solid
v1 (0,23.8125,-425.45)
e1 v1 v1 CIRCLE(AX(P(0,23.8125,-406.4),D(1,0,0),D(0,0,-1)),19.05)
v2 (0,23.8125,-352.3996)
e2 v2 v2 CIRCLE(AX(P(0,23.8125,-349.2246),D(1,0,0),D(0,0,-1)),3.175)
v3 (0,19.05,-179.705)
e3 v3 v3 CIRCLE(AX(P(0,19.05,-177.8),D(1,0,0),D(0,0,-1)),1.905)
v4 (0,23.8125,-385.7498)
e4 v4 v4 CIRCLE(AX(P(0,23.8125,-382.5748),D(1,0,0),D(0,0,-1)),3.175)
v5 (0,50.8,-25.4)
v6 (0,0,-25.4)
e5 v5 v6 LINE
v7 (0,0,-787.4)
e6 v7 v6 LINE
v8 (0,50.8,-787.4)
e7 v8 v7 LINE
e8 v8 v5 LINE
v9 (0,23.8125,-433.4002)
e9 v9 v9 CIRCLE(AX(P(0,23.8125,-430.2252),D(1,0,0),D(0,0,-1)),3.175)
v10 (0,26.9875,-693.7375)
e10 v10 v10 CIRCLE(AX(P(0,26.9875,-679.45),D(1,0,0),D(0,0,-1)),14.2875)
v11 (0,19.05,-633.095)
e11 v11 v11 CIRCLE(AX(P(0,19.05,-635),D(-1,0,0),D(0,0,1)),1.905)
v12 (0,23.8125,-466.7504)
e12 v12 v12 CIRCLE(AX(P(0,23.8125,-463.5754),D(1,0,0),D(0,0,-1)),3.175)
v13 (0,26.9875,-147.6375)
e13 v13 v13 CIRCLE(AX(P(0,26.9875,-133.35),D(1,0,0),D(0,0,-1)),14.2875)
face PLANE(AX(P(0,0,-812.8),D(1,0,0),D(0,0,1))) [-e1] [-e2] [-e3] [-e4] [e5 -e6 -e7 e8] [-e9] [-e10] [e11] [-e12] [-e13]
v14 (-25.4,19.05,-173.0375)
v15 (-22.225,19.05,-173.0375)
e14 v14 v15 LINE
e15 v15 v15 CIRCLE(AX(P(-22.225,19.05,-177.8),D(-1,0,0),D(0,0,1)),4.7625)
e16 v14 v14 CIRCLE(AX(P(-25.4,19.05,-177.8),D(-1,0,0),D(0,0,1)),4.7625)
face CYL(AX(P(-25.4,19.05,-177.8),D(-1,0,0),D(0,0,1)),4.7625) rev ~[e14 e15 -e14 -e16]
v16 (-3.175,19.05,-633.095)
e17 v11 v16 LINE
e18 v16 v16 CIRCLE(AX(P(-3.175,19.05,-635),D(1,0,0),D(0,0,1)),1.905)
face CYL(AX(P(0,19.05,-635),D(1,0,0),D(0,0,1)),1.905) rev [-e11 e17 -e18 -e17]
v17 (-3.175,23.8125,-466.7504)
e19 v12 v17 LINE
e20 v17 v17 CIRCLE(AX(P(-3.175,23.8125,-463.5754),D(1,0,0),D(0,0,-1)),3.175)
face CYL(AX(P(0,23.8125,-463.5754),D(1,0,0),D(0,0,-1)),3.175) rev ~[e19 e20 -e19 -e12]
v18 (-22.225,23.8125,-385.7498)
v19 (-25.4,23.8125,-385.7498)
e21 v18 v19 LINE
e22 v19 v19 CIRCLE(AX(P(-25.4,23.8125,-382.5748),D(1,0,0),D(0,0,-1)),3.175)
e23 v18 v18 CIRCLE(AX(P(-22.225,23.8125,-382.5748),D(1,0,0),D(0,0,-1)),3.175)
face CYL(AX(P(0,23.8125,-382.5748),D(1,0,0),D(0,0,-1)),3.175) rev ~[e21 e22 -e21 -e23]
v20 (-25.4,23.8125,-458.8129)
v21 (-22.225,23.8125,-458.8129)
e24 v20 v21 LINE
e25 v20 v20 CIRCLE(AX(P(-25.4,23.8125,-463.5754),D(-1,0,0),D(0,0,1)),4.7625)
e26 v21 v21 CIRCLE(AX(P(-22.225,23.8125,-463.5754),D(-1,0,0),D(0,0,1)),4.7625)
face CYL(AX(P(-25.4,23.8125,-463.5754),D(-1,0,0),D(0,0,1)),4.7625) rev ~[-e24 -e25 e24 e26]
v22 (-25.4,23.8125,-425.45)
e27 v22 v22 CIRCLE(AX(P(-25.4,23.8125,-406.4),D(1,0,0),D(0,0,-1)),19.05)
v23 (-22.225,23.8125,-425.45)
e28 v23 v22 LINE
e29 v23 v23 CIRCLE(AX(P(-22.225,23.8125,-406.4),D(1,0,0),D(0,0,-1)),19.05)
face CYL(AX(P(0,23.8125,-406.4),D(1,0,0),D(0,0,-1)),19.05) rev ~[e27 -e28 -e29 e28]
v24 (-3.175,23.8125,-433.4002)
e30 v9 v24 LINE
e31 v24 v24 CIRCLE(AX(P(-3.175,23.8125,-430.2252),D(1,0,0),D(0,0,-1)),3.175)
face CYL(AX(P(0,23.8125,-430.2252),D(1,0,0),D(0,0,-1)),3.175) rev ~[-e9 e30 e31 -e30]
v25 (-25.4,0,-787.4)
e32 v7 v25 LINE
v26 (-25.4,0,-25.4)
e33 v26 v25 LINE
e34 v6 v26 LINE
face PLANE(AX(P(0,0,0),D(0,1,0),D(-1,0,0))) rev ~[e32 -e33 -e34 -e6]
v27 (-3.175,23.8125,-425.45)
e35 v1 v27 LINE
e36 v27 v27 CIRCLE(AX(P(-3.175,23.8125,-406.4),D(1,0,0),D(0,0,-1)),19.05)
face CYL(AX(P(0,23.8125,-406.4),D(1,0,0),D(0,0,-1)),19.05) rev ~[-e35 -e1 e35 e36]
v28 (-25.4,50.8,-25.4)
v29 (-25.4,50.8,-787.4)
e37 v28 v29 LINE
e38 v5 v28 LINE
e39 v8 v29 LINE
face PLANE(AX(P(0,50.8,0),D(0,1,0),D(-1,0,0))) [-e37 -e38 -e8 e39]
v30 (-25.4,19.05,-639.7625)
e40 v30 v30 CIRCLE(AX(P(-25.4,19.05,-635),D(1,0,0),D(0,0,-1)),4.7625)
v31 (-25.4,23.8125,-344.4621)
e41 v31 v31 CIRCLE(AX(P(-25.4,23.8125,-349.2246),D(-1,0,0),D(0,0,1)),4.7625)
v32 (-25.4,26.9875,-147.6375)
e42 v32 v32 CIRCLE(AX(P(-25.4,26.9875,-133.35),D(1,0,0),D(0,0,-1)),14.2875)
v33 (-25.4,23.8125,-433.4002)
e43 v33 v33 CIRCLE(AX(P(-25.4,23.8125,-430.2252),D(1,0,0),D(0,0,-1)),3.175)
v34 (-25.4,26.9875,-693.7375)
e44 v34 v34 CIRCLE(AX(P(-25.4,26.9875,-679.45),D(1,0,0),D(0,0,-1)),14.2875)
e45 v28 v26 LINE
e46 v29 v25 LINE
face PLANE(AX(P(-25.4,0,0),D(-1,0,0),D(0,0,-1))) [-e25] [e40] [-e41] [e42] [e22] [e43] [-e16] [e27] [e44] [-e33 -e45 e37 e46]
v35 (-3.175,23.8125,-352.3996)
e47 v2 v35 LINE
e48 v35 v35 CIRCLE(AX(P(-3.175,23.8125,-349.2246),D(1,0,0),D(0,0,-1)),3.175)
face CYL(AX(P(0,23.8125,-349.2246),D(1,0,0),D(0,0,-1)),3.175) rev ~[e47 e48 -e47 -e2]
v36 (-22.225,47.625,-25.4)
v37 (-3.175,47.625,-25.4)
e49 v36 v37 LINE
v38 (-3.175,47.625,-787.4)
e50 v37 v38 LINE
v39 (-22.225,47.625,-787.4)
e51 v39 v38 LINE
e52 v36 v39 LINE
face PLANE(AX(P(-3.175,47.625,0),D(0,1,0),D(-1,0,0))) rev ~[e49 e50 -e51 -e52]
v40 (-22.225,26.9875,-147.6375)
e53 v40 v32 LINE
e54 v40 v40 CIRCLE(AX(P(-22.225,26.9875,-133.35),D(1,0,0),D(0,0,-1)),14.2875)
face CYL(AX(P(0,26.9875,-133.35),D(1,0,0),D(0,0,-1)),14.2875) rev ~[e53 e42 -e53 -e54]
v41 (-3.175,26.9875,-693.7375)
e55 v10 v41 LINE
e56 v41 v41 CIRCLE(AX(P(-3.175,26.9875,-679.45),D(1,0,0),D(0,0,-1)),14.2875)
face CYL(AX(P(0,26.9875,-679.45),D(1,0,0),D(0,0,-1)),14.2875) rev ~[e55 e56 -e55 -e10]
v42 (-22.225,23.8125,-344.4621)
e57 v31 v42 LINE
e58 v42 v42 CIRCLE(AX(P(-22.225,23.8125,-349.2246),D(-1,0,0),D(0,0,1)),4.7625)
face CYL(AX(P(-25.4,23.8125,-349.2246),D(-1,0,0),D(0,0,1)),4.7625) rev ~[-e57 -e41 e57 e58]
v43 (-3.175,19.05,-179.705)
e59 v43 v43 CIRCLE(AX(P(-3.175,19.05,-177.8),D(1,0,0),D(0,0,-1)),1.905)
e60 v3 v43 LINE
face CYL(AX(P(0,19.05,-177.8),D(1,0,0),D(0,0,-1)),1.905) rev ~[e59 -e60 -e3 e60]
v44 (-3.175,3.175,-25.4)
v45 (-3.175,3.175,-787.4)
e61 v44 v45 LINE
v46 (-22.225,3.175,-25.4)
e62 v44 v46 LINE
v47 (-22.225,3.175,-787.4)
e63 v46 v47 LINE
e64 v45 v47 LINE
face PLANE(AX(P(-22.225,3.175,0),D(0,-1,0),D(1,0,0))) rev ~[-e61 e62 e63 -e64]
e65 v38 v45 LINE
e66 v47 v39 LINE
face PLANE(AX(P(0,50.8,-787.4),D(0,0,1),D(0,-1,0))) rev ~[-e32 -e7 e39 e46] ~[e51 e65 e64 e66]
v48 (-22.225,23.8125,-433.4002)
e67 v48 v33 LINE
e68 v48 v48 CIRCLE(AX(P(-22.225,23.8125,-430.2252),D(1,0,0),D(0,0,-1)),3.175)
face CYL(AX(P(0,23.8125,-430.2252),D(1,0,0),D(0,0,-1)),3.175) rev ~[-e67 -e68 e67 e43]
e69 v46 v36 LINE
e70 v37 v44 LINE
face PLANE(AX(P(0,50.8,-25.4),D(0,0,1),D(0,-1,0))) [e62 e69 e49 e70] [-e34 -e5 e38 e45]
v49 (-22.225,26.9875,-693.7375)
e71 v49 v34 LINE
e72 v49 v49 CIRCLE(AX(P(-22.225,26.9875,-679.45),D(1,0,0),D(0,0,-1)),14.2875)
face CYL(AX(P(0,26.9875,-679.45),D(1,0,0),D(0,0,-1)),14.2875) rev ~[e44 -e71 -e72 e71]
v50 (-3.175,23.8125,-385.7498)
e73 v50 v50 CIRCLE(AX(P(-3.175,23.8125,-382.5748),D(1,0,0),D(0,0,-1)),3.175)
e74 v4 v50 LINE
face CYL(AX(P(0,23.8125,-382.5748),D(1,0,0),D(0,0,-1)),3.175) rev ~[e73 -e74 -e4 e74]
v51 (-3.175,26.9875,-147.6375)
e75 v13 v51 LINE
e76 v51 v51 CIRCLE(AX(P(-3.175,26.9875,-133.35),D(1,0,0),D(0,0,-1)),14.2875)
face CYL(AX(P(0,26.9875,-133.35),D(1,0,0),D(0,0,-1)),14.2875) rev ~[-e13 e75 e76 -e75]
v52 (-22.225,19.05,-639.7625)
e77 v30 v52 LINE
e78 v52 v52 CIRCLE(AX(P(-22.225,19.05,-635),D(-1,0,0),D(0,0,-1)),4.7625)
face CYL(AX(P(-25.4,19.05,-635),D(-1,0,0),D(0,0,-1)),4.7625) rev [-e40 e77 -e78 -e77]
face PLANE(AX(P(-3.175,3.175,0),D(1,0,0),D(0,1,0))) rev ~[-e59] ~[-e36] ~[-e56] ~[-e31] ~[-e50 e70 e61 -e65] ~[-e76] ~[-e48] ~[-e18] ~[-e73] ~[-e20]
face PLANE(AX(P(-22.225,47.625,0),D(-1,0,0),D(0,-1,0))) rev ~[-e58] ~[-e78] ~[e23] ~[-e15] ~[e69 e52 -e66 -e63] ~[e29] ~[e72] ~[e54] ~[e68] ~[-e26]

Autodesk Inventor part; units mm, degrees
ref_plane "YZ Plane" through (0, 0, 0) normal (1, 0, 0) x (0, 1, 0)
ref_plane "XZ Plane" through (0, 0, 0) normal (0, 1, 0) x (-1, 0, 0)
sketch "Sketch1" plane through (0, 0, 0) normal (0, 1, 0) x (-1, 0, 0)
  point P0 (0, 0)
sketch "Sketch2" plane through (0, 0, 0) normal (0, 1, 0) x (-1, 0, 0)
  line L0 (0, 0) -> (25.4, 0)
  line L1 (25.4, 0) -> (25.4, -812.8)
  line L2 (25.4, -812.8) -> (0, -812.8)
  line L3 (0, -812.8) -> (0, 0)
  dimension "d0" = 812.8
  dimension "d1" = 25.4
extrude "Extrusion1" add sketch "Sketch2" along normal blind 50.8
sketch "Sketch3" plane through (0, 0, 0) normal (1, 0, 0) x (0, 0, -1)
  circle A0 centre (133.35, 26.9875) radius 14.2875
  line L0 (0, 0) -> (0, 50.8) projected
  line L1 (0, 50.8) -> (812.8, 50.8) projected
  circle A1 centre (679.45, 26.9875) radius 14.2875
  line L2 (812.8, 0) -> (812.8, 50.8) projected
  line L3 (812.8, 0) -> (0, 0) projected
  circle A2 centre (406.4, 23.8125) radius 19.05
  point P0 (406.4, 50.8)
  point P1 (406.4, 0)
  point P2 (406.4, 0)
  dimension "d4" = 28.575
  dimension "d5" = 133.35
  dimension "d6" = 23.8125
  dimension "d7" = 28.575
  dimension "d8" = 133.35
  dimension "d9" = 26.9875
  dimension "d10" = 38.1
  dimension "d11" = 26.9875
extrude "Extrusion2" cut sketch "Sketch3" against normal through all contours A0 | A1 | A2
sketch "Sketch4" plane through (-25.4, 0, 0) normal (0, 0, 1) x (1, 0, 0)
  line L0 (0, 50.8) -> (25.4, 50.8) projected
  line L1 (25.4, 0) -> (25.4, 50.8) projected
  line L2 (25.4, 0) -> (0, 0) projected
  line L3 (0, 0) -> (0, 50.8) projected
  line L4 (22.225, 47.625) -> (3.175, 47.625)
  line L5 (3.175, 47.625) -> (3.175, 3.175)
  line L6 (3.175, 3.175) -> (22.225, 3.175)
  line L7 (22.225, 3.175) -> (22.225, 47.625)
  dimension "d15" = 3.175
extrude "Extrusion3" cut sketch "Sketch4" against normal up to surface (812.8 mm away) contours L7 L6 L5 L4
sketch "Sketch5" plane through (0, 0, 0) normal (1, 0, 0) x (0, 0, -1)
  circle A0 centre (679.45, 26.9875) radius 14.2875 projected
  circle A1 centre (133.35, 26.9875) radius 14.2875 projected
  circle A2 centre (406.4, 23.8125) radius 19.05 projected
  line L0 (812.8, 0) -> (0, 0) projected
  line L1 (812.8, 0) -> (812.8, 50.8) projected
  line L2 (0, 50.8) -> (812.8, 50.8) projected
  line L3 (0, 0) -> (0, 50.8) projected
  line L4 (0, 50.8) -> (25.4, 50.8)
  line L5 (25.4, 50.8) -> (25.4, 0)
  line L6 (25.4, 0) -> (0, 0)
  line L7 (0, 0) -> (0, 50.8)
  line L8 (812.8, 0) -> (812.8, 50.8) projected
  line L9 (812.8, 0) -> (0, 0) projected
  line L10 (812.8, 50.8) -> (787.4, 50.8)
  line L11 (787.4, 50.8) -> (787.4, 0)
  line L12 (787.4, 0) -> (812.8, 0)
  line L13 (812.8, 0) -> (812.8, 50.8)
  dimension "d18" = 25.4
  dimension "d19" = 25.4
  dimension "d59" = 28.575
extrude "Extrusion4" cut sketch "Sketch5" against normal blind 25.4 contours L0 L11 L2 L1 | L0 L3 L2 L5
sketch "Sketch8" plane through (0, 0, -25.4) normal (1, 0, 0) x (0, 0, -1)
  point P0 (-25.4, 0)
sketch "Sketch9" plane through (0, 0, -25.4) normal (1, 0, 0) x (0, 0, -1)
  circle A0 centre (404.8252, 23.8125) radius 3.175
  circle A1 centre (381, 23.8125) radius 19.05 projected
  line L0 (0, 50.8) -> (762, 50.8) projected
  circle A2 centre (357.1748, 23.8125) radius 3.175
  circle A3 centre (438.1754, 23.8125) radius 3.175
  circle A4 centre (323.8246, 23.8125) radius 3.175
  point P0 (-25.4, 0)
  point P1 (257.298, 23.8125)
  dimension "d61" = 6.35
  dimension "d62" = 23.8252
  dimension "d64" = 6.35
  dimension "d65" = 23.8252
  dimension "d67" = 6.35
  dimension "d69" = 6.35
  dimension "d71" = 57.1754
  dimension "d72" = 57.1754
extrude "Extrusion6" cut sketch "Sketch9" against normal blind 25.4 contours A0 | A2 | A3 | A4
sketch "Sketch11" plane through (-25.4, 0, -787.4) normal (-1, 0, 0) x (0, 0, 1)
  circle A0 centre (438.1754, 23.8125) radius 4.7625
  circle A1 centre (381, 23.8125) radius 19.05 projected
  line L0 (0, 50.8) -> (762, 50.8) projected
  circle A2 centre (323.8246, 23.8125) radius 4.7625
  point P0 (787.4, 0)
  dimension "d85" = 9.525
  dimension "d86" = 57.1754
  dimension "d88" = 9.525
  dimension "d90" = 57.1754
extrude "Extrusion8" cut sketch "Sketch11" against normal blind 12.7 contours A0 | A2
sketch "Sketch12" plane through (-25.4, 0, -787.4) normal (-1, 0, 0) x (0, 0, 1)
  circle A0 centre (609.6, 19.05) radius 4.7625
  line L0 (762, 0) -> (0, 0) projected
  circle A1 centre (381, 23.8125) radius 19.05 projected
  circle A2 centre (654.05, 26.9875) radius 14.2875 projected
  point P0 (787.4, 0)
  dimension "d93" = 9.525
  dimension "d94" = 19.05
  dimension "d103" = 44.45
extrude "Extrusion9" cut sketch "Sketch12" against normal blind 12.7 contours A0
sketch "Sketch13" plane through (0, 0, -25.4) normal (1, 0, 0) x (0, 0, -1)
  circle A0 centre (152.4, 19.05) radius 1.905
  circle A1 centre (381, 23.8125) radius 19.05 projected
  line L0 (762, 0) -> (0, 0) projected
  circle A2 centre (107.95, 26.9875) radius 14.2875 projected
  point P0 (-25.4, 0)
  dimension "d98" = 3.81
  dimension "d100" = 19.05
  dimension "d104" = 44.45
extrude "Extrusion10" cut sketch "Sketch13" against normal blind 12.7 contours A0
ref_plane "Work Plane1" through (0, 0, -406.4) normal (0, 0, 1) x (1, 0, 0)
mirror "Mirror1" about plane through (0, 0, -406.4) normal (0, 0, 1) of "Extrusion10", "Extrusion9"
equation "\"d9\" = d11"
properties part number "2x1 20in Alluminum with Cal Drop.ver1-1111-2019"
